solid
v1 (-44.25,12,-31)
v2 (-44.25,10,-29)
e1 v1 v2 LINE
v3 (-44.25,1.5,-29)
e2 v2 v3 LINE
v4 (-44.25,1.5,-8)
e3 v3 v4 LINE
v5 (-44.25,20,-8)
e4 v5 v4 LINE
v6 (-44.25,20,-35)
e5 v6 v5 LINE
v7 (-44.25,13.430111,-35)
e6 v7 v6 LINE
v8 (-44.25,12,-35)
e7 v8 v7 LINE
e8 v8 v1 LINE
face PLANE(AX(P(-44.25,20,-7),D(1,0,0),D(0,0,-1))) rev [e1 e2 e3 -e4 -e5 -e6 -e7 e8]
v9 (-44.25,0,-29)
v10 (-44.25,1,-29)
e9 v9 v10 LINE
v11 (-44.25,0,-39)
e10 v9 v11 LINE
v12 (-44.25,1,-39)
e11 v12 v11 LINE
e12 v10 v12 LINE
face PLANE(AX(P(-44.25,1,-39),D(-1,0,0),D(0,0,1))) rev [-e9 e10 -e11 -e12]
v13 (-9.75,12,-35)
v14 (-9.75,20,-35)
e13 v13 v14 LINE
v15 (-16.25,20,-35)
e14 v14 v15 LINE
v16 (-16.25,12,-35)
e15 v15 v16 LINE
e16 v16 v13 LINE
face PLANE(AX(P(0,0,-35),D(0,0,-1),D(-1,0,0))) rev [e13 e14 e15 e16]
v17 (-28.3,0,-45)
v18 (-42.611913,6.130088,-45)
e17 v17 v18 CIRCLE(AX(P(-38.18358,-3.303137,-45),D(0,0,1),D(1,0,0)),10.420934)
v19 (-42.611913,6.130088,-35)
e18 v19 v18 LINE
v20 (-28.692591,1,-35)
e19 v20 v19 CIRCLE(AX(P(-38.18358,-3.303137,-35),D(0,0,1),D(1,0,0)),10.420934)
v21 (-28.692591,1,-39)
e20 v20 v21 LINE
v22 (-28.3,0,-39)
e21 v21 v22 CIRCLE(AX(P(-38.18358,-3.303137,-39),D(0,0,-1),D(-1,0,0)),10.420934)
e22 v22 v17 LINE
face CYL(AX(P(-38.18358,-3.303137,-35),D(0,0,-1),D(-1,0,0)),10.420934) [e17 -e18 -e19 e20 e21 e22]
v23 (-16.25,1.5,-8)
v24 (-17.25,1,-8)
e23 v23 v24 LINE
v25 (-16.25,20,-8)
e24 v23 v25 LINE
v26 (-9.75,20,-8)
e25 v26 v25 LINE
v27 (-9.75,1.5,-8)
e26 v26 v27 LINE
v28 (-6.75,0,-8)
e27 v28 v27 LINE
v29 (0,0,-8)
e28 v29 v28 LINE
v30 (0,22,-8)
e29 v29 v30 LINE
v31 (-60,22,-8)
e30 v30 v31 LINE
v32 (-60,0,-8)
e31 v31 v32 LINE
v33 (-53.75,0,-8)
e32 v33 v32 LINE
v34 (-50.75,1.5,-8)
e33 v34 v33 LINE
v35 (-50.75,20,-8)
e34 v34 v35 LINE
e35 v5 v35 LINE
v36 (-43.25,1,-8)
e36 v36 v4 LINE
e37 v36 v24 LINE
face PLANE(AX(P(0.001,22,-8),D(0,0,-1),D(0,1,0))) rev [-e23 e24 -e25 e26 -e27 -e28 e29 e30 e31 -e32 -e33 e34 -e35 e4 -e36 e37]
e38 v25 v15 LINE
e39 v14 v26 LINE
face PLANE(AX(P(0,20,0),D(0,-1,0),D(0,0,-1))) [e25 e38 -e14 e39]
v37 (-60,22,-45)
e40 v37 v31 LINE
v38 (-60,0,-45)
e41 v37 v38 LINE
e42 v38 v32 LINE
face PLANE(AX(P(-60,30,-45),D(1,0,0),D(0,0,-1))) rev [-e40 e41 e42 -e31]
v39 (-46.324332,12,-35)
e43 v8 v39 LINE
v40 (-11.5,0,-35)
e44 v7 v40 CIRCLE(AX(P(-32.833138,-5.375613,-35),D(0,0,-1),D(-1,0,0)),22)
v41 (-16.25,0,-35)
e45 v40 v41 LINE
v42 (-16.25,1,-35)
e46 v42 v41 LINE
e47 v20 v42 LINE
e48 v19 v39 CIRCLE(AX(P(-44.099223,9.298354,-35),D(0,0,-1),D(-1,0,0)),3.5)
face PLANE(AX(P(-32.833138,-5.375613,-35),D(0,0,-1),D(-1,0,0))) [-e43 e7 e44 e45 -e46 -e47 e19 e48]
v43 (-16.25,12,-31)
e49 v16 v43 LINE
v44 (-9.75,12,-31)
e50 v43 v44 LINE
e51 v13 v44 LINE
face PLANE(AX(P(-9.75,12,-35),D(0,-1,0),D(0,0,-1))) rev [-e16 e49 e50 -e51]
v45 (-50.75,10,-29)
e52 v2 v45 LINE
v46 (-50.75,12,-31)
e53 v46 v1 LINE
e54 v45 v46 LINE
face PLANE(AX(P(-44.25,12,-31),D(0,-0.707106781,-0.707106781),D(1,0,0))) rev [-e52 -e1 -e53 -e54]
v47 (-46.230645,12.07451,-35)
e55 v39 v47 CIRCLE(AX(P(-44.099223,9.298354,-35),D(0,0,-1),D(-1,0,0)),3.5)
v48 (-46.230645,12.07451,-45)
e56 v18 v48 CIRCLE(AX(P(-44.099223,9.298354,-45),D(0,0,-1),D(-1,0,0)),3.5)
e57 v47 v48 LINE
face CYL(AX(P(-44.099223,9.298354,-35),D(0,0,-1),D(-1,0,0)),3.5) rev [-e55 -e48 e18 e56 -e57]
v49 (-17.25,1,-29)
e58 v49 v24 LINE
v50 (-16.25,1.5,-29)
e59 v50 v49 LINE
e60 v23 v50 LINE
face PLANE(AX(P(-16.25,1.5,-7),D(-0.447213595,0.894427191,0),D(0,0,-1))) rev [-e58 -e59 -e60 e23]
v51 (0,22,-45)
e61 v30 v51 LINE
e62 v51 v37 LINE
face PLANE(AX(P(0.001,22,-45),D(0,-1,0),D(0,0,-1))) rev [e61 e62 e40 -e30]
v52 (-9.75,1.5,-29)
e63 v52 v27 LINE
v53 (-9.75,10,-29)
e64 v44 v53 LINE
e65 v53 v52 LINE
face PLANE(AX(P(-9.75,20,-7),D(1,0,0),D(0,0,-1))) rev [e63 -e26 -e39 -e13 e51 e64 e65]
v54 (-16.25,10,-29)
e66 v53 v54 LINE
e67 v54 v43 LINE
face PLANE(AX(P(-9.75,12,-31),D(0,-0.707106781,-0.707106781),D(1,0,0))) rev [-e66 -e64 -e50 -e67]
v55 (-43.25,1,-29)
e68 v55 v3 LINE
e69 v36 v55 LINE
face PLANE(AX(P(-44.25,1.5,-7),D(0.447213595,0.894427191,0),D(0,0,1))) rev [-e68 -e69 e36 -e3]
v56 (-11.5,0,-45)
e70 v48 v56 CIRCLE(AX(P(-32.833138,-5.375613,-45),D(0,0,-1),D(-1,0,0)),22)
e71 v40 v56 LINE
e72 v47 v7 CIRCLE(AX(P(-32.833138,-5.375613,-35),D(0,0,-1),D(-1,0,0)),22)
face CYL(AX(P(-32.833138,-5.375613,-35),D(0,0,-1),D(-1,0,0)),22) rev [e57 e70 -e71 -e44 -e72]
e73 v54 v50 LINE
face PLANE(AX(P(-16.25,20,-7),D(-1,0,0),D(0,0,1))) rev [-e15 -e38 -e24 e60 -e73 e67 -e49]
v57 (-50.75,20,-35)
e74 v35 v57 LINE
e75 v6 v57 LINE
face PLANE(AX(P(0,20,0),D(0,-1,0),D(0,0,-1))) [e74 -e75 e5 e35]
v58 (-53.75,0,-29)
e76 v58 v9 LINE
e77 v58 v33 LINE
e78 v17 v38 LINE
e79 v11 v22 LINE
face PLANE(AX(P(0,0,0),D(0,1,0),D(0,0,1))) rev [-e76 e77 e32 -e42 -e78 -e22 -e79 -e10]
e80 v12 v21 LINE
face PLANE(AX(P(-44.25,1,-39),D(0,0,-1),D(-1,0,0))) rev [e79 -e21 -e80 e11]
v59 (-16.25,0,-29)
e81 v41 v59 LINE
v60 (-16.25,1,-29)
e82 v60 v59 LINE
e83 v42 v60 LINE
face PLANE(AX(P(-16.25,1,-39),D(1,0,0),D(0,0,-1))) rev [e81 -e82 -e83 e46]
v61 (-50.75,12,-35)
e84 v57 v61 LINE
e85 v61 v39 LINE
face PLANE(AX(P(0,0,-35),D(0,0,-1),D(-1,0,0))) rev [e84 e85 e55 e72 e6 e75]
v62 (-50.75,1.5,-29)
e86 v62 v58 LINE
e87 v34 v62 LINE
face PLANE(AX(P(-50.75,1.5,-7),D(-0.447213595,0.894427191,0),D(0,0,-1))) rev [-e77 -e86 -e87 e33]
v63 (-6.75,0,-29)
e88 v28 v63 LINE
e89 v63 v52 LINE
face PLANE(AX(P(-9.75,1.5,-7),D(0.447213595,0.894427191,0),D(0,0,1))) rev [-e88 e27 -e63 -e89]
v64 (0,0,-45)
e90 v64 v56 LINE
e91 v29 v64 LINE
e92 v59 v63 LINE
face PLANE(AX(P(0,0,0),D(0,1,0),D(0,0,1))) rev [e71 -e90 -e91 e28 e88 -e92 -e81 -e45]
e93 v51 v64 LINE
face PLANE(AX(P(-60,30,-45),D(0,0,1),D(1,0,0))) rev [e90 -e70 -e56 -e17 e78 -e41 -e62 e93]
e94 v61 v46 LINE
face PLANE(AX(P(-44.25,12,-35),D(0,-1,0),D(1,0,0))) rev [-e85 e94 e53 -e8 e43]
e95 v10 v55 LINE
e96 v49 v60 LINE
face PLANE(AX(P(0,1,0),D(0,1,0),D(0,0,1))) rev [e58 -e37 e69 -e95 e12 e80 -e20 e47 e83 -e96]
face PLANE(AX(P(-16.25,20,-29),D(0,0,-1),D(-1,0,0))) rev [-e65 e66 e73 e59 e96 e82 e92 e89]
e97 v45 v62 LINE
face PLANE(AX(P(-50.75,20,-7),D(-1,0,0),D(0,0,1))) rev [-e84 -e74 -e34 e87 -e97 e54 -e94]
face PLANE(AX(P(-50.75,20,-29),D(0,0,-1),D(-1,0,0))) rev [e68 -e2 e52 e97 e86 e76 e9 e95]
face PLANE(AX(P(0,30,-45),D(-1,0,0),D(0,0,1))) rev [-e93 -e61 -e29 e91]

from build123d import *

# Parameters (mm, degrees)
SKETCH1_W           = 60
SKETCH1_H           = 45
BOSS_EXTRUDE1_DEPTH = 30
SKETCH2_W           = 6.5
SKETCH2_H           = 22
CUT_EXTRUDE1_DEPTH  = 20
CUT_EXTRUDE2_DEPTH  = 10
CHAMFER3_SIZE       = 3
CHAMFER3_SIZE2      = 1.5
CUT_EXTRUDE3_REACH  = 82.777
SKETCH6_W           = 28
SKETCH6_H           = 31
CUT_EXTRUDE4_DEPTH  = 1
SKETCH7_W           = 6.5
SKETCH7_H           = 8
CUT_EXTRUDE5_DEPTH  = 6
CHAMFER4_SIZE       = 2


with BuildPart() as part:
    # Sketch1 → Boss-Extrude1 (new body)
    with BuildSketch(Plane(origin=(0, 0, 0), x_dir=(1, 0, 0), z_dir=(0, 1, 0))):
        with Locations((-30, 22.5)):
            Rectangle(SKETCH1_W, SKETCH1_H)
    extrude(amount=BOSS_EXTRUDE1_DEPTH)

    # Sketch2 → Cut-Extrude1 (cut)
    with BuildSketch(Plane(origin=(0, 0, 0), x_dir=(-1, 0, 0), z_dir=(0, -1, 0))):
        with Locations((47.5, 18)):
            Rectangle(SKETCH2_W, SKETCH2_H)
        with Locations((13, 18)):
            Rectangle(SKETCH2_W, SKETCH2_H)
    extrude(amount=-CUT_EXTRUDE1_DEPTH, mode=Mode.SUBTRACT)

    # Sketch4 → Cut-Extrude2 (cut)
    with BuildSketch(Plane(origin=(0, 0, -45), x_dir=(-1, 0, 0), z_dir=(0, 0, -1))):
        with BuildLine():
            Line((11.5, 0), (28.3, 0))
            ThreePointArc((28.3, 0), (34.080602383, 6.276082414), (42.61191296, 6.13008847))
            ThreePointArc((42.61191296, 6.13008847), (47.088831578, 7.478397416), (46.230644896, 12.074510224))
            ThreePointArc((46.230644896, 12.074510224), (25.608734298, 15.404376803), (11.5, 0))
        make_face()
    extrude(amount=-CUT_EXTRUDE2_DEPTH, mode=Mode.SUBTRACT)

    # Chamfer3
    chamfer3_edges = [part.edges().sort_by_distance(p)[0] for p in [
        (-50.75, 0, -18),
        (-44.25, 0, -18),
        (-47.5, 0, -7),
        (-16.25, 0, -18),
        (-9.75, 0, -18),
        (-13, 0, -7),
    ]]
    chamfer3_side = [part.faces().sort_by_distance(p)[0] for p in [
        (-30.72364203, 0, -21.764024933),
    ]]
    chamfer(chamfer3_edges, length=CHAMFER3_SIZE, length2=CHAMFER3_SIZE2, reference=chamfer3_side[0])

    # Sketch5 → Cut-Extrude3 (cut, up to next)
    with BuildSketch(Plane.ZY.offset(60), mode=Mode.PRIVATE) as cut_extrude3_sk1:
        Polygon((-45, 30), (0, 30), (0, 0), (-8, 0), (-8, 22), (-45, 22), align=None)
    cut_extrude3_tool1 = extrude(cut_extrude3_sk1.sketch, amount=-CUT_EXTRUDE3_REACH, mode=Mode.PRIVATE) & part.part
    add(cut_extrude3_tool1.solids().sort_by_distance((-60, 29.459167, -22.5))[0], mode=Mode.SUBTRACT)

    # Sketch6 → Cut-Extrude4 (cut)
    with BuildSketch(Plane(origin=(0, 0, 0), x_dir=(-1, 0, 0), z_dir=(0, -1, 0))):
        with Locations((30.25, 23.5)):
            Rectangle(SKETCH6_W, SKETCH6_H)
    extrude(amount=-CUT_EXTRUDE4_DEPTH, mode=Mode.SUBTRACT)

    # Sketch7 → Cut-Extrude5 (cut)
    with BuildSketch(Plane.XY.offset(-29)):
        with Locations((-13, 16)):
            Rectangle(SKETCH7_W, SKETCH7_H)
        with Locations((-47.5, 16)):
            Rectangle(SKETCH7_W, SKETCH7_H)
    extrude(amount=-CUT_EXTRUDE5_DEPTH, mode=Mode.SUBTRACT)

    # Chamfer4
    chamfer4_edges = [part.edges().sort_by_distance(p)[0] for p in [
        (-13, 12, -29),
        (-47.5, 12, -29),
    ]]
    chamfer(chamfer4_edges, length=CHAMFER4_SIZE)


solid = part.part
